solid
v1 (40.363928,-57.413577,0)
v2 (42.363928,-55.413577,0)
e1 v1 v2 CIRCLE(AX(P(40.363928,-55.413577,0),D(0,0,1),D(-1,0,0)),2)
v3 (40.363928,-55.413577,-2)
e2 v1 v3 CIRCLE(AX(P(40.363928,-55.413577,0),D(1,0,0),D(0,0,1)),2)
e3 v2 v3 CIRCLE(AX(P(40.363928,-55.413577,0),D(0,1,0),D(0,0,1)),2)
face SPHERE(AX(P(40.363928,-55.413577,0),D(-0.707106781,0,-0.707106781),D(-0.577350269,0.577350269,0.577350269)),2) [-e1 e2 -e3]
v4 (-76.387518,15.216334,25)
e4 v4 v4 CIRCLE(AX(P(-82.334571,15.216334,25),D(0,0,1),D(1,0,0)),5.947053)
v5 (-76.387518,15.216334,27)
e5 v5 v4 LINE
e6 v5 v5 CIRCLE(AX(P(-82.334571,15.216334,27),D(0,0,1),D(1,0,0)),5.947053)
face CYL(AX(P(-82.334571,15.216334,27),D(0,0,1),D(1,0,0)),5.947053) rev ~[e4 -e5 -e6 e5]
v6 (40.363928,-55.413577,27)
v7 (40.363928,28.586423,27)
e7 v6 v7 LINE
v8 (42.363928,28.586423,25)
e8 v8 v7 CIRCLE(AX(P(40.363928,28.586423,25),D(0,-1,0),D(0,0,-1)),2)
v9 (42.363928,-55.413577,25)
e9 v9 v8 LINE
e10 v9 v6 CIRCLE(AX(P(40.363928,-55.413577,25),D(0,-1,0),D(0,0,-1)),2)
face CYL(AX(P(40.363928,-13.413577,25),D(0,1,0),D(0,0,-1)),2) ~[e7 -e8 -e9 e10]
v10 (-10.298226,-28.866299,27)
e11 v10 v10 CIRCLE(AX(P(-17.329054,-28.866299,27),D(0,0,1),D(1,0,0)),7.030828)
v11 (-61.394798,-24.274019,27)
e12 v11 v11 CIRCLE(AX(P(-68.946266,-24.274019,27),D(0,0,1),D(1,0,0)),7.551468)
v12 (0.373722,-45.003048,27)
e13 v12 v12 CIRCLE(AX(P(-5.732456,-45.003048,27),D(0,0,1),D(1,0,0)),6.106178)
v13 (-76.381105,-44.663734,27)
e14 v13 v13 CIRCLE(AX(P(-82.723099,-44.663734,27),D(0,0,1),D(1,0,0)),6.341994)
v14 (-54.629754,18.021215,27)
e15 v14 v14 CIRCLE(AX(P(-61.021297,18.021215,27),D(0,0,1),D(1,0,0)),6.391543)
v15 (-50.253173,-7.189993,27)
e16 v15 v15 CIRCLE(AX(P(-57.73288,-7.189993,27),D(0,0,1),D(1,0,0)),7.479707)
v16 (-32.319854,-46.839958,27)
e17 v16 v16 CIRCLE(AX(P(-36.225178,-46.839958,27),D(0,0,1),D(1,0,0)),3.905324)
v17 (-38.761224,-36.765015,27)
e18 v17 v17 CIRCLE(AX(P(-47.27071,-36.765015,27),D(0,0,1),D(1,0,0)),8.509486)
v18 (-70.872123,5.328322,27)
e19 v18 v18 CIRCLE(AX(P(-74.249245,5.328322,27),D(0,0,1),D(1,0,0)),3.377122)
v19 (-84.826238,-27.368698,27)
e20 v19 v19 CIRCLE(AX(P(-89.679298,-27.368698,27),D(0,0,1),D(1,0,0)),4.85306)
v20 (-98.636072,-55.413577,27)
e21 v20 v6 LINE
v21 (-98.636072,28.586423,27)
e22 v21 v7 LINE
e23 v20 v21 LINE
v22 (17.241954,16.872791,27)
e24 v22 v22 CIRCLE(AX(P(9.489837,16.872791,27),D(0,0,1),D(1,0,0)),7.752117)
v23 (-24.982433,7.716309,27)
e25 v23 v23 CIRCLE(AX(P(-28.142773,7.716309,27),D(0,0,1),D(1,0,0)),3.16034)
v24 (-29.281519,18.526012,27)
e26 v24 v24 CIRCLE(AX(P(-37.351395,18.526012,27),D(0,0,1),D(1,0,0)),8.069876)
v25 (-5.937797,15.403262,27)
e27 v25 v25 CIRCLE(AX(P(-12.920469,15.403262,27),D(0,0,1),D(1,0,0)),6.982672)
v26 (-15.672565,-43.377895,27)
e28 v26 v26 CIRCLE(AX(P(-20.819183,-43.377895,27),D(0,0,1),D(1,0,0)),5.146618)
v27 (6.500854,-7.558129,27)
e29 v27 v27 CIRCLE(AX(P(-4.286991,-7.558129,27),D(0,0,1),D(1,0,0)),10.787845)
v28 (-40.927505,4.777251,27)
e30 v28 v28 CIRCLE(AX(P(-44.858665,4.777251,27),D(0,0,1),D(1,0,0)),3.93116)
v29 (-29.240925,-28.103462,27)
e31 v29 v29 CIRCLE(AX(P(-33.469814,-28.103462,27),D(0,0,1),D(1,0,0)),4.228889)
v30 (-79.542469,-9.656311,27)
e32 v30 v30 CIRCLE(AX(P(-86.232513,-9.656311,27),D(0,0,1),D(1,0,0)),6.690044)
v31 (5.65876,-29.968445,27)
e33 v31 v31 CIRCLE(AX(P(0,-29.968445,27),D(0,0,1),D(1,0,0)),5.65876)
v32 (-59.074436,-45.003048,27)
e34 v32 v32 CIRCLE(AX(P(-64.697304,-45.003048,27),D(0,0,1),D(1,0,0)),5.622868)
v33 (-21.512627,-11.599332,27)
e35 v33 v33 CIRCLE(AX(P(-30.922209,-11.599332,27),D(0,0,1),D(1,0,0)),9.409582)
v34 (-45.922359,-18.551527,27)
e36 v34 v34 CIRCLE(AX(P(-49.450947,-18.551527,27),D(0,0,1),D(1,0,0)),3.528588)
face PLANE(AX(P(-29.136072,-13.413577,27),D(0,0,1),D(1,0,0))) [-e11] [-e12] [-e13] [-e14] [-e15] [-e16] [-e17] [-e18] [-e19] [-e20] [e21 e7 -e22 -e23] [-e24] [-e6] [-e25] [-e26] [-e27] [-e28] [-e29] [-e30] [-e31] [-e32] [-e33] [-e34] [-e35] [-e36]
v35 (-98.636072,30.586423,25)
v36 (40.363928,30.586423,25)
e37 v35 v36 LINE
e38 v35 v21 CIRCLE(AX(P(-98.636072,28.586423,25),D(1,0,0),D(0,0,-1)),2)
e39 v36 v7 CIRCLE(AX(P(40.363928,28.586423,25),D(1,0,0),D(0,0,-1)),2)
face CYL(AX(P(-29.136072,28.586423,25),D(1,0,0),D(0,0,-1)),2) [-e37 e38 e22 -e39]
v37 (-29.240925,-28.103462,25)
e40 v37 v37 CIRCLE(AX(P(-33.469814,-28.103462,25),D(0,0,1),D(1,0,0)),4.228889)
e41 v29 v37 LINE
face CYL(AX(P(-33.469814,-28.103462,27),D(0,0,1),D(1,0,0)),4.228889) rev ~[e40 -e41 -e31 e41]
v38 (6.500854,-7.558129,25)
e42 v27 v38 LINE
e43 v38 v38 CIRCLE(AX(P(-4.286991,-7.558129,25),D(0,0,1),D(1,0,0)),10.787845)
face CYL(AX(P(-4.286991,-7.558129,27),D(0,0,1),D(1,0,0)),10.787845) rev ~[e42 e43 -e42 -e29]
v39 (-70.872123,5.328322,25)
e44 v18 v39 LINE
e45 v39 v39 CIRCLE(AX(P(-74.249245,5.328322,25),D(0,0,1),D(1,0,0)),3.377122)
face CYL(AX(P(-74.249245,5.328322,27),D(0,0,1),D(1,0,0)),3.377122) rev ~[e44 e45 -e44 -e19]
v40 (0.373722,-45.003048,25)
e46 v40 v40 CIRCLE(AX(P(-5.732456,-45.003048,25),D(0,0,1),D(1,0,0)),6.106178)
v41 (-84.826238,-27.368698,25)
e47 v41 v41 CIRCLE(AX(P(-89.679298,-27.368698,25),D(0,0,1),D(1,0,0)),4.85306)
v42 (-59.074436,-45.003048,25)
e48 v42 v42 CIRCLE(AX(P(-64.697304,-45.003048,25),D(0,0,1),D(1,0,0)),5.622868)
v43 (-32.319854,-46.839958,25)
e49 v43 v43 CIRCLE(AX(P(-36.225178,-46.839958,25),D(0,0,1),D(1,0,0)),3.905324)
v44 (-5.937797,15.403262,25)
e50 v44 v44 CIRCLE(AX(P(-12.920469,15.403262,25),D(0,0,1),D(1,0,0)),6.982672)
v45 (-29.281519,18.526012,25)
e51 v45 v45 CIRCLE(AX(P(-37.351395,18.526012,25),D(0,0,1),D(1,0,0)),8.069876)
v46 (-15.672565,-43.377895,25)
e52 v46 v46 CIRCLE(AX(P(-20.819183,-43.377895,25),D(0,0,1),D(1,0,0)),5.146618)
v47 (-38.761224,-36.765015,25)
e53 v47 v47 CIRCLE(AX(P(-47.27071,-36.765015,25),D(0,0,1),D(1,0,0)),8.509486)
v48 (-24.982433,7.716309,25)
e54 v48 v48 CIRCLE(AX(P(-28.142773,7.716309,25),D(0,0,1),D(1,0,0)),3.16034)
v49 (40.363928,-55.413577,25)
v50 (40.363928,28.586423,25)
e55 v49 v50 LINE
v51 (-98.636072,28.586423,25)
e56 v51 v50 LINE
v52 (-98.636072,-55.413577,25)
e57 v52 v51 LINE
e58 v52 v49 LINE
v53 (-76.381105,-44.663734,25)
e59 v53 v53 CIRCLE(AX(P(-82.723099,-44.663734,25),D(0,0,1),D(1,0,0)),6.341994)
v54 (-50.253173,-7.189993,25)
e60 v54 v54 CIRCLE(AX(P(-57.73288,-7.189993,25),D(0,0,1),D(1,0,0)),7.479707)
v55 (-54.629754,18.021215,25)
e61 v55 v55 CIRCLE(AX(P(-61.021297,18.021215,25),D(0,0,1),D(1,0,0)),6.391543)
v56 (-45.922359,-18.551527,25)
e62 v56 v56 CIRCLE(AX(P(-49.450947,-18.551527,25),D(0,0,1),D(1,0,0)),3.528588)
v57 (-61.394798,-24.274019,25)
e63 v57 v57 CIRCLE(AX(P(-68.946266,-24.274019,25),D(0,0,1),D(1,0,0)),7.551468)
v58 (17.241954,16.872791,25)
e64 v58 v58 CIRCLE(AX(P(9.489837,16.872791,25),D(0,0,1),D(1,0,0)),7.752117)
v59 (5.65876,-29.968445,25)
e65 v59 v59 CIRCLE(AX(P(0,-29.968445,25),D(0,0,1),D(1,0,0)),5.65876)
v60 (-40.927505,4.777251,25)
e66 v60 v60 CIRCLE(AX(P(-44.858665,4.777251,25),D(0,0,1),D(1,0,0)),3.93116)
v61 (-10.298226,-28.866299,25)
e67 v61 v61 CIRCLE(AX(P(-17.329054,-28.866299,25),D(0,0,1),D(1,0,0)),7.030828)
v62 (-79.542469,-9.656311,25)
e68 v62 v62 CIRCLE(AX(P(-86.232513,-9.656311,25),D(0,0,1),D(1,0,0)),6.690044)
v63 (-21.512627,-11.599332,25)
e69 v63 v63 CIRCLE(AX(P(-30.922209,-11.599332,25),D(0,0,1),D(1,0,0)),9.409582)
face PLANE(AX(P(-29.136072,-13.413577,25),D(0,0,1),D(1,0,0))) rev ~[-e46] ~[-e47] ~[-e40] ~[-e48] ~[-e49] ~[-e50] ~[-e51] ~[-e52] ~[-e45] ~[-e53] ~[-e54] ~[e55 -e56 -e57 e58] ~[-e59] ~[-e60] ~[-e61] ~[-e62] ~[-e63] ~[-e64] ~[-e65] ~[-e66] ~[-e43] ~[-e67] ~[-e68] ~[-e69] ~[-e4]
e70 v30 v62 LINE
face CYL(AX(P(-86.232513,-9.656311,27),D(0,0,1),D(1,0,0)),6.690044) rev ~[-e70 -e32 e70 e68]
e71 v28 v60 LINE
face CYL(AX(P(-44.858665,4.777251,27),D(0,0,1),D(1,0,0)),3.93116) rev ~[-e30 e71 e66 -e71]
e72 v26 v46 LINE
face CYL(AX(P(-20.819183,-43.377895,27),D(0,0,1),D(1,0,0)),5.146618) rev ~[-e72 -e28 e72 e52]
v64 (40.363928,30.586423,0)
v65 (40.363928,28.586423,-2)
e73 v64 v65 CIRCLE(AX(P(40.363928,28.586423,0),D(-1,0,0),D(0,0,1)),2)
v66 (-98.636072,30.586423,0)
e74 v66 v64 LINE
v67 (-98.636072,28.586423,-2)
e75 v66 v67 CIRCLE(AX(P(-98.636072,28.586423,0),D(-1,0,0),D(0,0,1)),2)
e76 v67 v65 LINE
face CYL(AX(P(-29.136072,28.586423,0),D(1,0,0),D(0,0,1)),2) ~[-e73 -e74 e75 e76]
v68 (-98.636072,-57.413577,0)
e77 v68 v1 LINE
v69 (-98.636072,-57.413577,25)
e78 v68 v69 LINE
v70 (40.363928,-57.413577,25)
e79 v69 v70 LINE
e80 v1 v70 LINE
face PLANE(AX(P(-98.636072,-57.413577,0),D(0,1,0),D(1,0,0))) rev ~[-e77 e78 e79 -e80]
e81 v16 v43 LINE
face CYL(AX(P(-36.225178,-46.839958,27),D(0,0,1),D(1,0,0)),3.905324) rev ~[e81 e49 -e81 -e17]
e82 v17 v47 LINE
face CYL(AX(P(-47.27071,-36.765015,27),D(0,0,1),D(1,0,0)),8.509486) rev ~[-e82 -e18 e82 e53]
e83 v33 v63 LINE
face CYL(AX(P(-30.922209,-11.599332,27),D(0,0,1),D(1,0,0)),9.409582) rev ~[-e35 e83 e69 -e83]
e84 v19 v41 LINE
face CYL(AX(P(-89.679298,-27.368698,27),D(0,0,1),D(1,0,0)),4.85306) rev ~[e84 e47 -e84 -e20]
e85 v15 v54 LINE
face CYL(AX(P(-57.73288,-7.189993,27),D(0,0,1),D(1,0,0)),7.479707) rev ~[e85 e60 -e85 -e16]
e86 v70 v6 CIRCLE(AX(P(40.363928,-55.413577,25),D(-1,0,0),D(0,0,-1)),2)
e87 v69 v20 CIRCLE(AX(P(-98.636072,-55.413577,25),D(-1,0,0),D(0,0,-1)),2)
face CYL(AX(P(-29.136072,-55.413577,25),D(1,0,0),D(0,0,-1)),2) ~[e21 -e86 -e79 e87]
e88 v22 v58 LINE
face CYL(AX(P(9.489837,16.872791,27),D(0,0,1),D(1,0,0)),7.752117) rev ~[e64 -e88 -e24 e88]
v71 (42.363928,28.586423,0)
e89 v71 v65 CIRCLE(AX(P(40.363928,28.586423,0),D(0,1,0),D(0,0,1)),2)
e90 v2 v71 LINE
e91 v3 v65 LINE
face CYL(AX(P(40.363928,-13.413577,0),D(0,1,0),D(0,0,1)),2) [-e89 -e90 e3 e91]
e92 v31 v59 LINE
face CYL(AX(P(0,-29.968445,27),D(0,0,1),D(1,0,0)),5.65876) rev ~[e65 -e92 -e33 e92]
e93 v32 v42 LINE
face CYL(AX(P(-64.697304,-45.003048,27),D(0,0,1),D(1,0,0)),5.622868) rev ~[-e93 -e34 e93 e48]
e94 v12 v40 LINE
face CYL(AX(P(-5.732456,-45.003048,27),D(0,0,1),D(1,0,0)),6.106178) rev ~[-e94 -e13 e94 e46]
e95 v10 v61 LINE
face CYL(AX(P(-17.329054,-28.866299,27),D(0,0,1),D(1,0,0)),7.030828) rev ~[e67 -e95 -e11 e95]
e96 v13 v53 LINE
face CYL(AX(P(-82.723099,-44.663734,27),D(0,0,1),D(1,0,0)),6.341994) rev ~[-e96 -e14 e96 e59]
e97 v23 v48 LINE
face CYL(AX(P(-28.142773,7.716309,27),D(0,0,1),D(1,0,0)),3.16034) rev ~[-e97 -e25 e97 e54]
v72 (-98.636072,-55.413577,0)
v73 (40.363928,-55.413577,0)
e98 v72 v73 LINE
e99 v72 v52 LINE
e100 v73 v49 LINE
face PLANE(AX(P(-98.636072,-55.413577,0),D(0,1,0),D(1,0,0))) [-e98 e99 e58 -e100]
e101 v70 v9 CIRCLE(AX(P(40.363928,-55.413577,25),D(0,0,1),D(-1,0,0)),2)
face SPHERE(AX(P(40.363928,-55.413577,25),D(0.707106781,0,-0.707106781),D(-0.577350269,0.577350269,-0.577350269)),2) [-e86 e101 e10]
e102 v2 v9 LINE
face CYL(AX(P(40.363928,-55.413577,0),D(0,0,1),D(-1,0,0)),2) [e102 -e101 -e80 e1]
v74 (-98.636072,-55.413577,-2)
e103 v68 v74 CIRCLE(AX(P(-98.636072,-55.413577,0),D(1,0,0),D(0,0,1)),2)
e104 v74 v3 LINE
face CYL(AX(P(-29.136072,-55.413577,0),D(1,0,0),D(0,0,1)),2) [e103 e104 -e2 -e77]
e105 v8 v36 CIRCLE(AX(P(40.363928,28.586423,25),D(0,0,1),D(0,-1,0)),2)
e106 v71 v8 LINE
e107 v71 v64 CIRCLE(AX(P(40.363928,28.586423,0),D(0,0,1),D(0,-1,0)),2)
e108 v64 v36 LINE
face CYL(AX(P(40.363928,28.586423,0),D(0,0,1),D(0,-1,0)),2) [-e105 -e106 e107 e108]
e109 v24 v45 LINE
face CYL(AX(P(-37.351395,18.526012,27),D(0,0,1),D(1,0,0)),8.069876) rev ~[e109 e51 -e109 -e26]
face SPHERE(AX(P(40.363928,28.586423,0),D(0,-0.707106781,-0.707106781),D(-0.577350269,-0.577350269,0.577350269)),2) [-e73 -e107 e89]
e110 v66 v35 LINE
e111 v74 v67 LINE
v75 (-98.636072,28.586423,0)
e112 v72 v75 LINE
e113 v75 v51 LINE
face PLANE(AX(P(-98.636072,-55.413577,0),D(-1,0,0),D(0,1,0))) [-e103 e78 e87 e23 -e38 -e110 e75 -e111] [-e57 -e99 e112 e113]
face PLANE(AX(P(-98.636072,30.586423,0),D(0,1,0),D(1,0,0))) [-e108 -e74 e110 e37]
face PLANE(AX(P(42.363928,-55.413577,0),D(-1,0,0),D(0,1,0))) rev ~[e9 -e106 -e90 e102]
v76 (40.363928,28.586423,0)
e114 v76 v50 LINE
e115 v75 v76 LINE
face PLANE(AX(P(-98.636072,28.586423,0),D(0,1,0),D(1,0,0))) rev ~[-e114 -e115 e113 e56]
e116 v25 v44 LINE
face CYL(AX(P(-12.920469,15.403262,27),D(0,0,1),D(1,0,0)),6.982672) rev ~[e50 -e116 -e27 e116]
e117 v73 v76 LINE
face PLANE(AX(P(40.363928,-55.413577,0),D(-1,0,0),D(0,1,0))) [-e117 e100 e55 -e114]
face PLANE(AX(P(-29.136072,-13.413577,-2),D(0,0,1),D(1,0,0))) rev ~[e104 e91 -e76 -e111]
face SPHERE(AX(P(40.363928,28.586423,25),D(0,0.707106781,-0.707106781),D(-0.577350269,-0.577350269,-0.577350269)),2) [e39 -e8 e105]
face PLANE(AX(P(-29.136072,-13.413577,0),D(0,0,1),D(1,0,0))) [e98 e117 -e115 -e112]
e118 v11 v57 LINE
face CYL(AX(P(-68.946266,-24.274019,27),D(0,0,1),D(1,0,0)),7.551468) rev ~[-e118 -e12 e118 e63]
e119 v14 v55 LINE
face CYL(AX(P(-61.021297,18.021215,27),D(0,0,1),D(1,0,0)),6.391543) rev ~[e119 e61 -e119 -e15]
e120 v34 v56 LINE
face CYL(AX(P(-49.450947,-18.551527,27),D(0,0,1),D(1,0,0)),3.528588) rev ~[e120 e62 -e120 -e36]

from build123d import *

# Parameters (mm, degrees)
SKETCH001_W    = 139
SKETCH001_H    = 84
PAD_DEPTH      = 25
THICKNESS_T    = 2
SKETCH002_R    = 5.947053
SKETCH002_R_2  = 6.391543
SKETCH002_R_3  = 7.479707
SKETCH002_R_4  = 6.690044
SKETCH002_R_5  = 7.551468
SKETCH002_R_6  = 6.341994
SKETCH002_R_7  = 8.509486
SKETCH002_R_8  = 9.409582
SKETCH002_R_9  = 8.069876
SKETCH002_R_10 = 7.030828
SKETCH002_R_11 = 5.146618
SKETCH002_R_12 = 6.982672
SKETCH002_R_13 = 7.752117
SKETCH002_R_14 = 10.787845
SKETCH002_R_15 = 5.65876
SKETCH002_R_16 = 3.93116
SKETCH002_R_17 = 3.377122
SKETCH002_R_18 = 5.622868
SKETCH002_R_19 = 3.905324
SKETCH002_R_20 = 4.228889
SKETCH002_R_21 = 3.528588
SKETCH002_R_22 = 3.16034
SKETCH002_R_23 = 6.106178
SKETCH002_R_24 = 4.85306
POCKET_DEPTH   = 5


with BuildPart() as part:
    # Sketch001 → Pad (new body)
    with BuildSketch(Plane.XY):
        with Locations((-29.136072, -13.413577)):
            Rectangle(SKETCH001_W, SKETCH001_H)
    extrude(amount=PAD_DEPTH)

    # Thickness
    thickness_openings = [part.faces().sort_by_distance(p)[0] for p in [
        (-98.636072, -13.413577, 12.5),
    ]]
    offset(amount=THICKNESS_T, openings=thickness_openings)

    # Sketch002 (on Face14 of Thickness) → Pocket (cut)
    with BuildSketch(Plane.XY.offset(27)):
        with Locations((-82.334571, 15.216334)):
            Circle(SKETCH002_R)
        with Locations((-61.021297, 18.021215)):
            Circle(SKETCH002_R_2)
        with Locations((-57.73288, -7.189993)):
            Circle(SKETCH002_R_3)
        with Locations((-86.232513, -9.656311)):
            Circle(SKETCH002_R_4)
        with Locations((-68.946266, -24.274019)):
            Circle(SKETCH002_R_5)
        with Locations((-82.723099, -44.663734)):
            Circle(SKETCH002_R_6)
        with Locations((-47.27071, -36.765015)):
            Circle(SKETCH002_R_7)
        with Locations((-30.922209, -11.599332)):
            Circle(SKETCH002_R_8)
        with Locations((-37.351395, 18.526012)):
            Circle(SKETCH002_R_9)
        with Locations((-17.329054, -28.866299)):
            Circle(SKETCH002_R_10)
        with Locations((-20.819183, -43.377895)):
            Circle(SKETCH002_R_11)
        with Locations((-12.920469, 15.403262)):
            Circle(SKETCH002_R_12)
        with Locations((9.489837, 16.872791)):
            Circle(SKETCH002_R_13)
        with Locations((-4.286991, -7.558129)):
            Circle(SKETCH002_R_14)
        with Locations((0, -29.968445)):
            Circle(SKETCH002_R_15)
        with Locations((-44.858665, 4.777251)):
            Circle(SKETCH002_R_16)
        with Locations((-74.249245, 5.328322)):
            Circle(SKETCH002_R_17)
        with Locations((-64.697304, -45.003048)):
            Circle(SKETCH002_R_18)
        with Locations((-36.225178, -46.839958)):
            Circle(SKETCH002_R_19)
        with Locations((-33.469814, -28.103462)):
            Circle(SKETCH002_R_20)
        with Locations((-49.450947, -18.551527)):
            Circle(SKETCH002_R_21)
        with Locations((-28.142773, 7.716309)):
            Circle(SKETCH002_R_22)
        with Locations((-5.732456, -45.003048)):
            Circle(SKETCH002_R_23)
        with Locations((-89.679298, -27.368698)):
            Circle(SKETCH002_R_24)
    extrude(amount=-POCKET_DEPTH, mode=Mode.SUBTRACT)


solid = part.part
